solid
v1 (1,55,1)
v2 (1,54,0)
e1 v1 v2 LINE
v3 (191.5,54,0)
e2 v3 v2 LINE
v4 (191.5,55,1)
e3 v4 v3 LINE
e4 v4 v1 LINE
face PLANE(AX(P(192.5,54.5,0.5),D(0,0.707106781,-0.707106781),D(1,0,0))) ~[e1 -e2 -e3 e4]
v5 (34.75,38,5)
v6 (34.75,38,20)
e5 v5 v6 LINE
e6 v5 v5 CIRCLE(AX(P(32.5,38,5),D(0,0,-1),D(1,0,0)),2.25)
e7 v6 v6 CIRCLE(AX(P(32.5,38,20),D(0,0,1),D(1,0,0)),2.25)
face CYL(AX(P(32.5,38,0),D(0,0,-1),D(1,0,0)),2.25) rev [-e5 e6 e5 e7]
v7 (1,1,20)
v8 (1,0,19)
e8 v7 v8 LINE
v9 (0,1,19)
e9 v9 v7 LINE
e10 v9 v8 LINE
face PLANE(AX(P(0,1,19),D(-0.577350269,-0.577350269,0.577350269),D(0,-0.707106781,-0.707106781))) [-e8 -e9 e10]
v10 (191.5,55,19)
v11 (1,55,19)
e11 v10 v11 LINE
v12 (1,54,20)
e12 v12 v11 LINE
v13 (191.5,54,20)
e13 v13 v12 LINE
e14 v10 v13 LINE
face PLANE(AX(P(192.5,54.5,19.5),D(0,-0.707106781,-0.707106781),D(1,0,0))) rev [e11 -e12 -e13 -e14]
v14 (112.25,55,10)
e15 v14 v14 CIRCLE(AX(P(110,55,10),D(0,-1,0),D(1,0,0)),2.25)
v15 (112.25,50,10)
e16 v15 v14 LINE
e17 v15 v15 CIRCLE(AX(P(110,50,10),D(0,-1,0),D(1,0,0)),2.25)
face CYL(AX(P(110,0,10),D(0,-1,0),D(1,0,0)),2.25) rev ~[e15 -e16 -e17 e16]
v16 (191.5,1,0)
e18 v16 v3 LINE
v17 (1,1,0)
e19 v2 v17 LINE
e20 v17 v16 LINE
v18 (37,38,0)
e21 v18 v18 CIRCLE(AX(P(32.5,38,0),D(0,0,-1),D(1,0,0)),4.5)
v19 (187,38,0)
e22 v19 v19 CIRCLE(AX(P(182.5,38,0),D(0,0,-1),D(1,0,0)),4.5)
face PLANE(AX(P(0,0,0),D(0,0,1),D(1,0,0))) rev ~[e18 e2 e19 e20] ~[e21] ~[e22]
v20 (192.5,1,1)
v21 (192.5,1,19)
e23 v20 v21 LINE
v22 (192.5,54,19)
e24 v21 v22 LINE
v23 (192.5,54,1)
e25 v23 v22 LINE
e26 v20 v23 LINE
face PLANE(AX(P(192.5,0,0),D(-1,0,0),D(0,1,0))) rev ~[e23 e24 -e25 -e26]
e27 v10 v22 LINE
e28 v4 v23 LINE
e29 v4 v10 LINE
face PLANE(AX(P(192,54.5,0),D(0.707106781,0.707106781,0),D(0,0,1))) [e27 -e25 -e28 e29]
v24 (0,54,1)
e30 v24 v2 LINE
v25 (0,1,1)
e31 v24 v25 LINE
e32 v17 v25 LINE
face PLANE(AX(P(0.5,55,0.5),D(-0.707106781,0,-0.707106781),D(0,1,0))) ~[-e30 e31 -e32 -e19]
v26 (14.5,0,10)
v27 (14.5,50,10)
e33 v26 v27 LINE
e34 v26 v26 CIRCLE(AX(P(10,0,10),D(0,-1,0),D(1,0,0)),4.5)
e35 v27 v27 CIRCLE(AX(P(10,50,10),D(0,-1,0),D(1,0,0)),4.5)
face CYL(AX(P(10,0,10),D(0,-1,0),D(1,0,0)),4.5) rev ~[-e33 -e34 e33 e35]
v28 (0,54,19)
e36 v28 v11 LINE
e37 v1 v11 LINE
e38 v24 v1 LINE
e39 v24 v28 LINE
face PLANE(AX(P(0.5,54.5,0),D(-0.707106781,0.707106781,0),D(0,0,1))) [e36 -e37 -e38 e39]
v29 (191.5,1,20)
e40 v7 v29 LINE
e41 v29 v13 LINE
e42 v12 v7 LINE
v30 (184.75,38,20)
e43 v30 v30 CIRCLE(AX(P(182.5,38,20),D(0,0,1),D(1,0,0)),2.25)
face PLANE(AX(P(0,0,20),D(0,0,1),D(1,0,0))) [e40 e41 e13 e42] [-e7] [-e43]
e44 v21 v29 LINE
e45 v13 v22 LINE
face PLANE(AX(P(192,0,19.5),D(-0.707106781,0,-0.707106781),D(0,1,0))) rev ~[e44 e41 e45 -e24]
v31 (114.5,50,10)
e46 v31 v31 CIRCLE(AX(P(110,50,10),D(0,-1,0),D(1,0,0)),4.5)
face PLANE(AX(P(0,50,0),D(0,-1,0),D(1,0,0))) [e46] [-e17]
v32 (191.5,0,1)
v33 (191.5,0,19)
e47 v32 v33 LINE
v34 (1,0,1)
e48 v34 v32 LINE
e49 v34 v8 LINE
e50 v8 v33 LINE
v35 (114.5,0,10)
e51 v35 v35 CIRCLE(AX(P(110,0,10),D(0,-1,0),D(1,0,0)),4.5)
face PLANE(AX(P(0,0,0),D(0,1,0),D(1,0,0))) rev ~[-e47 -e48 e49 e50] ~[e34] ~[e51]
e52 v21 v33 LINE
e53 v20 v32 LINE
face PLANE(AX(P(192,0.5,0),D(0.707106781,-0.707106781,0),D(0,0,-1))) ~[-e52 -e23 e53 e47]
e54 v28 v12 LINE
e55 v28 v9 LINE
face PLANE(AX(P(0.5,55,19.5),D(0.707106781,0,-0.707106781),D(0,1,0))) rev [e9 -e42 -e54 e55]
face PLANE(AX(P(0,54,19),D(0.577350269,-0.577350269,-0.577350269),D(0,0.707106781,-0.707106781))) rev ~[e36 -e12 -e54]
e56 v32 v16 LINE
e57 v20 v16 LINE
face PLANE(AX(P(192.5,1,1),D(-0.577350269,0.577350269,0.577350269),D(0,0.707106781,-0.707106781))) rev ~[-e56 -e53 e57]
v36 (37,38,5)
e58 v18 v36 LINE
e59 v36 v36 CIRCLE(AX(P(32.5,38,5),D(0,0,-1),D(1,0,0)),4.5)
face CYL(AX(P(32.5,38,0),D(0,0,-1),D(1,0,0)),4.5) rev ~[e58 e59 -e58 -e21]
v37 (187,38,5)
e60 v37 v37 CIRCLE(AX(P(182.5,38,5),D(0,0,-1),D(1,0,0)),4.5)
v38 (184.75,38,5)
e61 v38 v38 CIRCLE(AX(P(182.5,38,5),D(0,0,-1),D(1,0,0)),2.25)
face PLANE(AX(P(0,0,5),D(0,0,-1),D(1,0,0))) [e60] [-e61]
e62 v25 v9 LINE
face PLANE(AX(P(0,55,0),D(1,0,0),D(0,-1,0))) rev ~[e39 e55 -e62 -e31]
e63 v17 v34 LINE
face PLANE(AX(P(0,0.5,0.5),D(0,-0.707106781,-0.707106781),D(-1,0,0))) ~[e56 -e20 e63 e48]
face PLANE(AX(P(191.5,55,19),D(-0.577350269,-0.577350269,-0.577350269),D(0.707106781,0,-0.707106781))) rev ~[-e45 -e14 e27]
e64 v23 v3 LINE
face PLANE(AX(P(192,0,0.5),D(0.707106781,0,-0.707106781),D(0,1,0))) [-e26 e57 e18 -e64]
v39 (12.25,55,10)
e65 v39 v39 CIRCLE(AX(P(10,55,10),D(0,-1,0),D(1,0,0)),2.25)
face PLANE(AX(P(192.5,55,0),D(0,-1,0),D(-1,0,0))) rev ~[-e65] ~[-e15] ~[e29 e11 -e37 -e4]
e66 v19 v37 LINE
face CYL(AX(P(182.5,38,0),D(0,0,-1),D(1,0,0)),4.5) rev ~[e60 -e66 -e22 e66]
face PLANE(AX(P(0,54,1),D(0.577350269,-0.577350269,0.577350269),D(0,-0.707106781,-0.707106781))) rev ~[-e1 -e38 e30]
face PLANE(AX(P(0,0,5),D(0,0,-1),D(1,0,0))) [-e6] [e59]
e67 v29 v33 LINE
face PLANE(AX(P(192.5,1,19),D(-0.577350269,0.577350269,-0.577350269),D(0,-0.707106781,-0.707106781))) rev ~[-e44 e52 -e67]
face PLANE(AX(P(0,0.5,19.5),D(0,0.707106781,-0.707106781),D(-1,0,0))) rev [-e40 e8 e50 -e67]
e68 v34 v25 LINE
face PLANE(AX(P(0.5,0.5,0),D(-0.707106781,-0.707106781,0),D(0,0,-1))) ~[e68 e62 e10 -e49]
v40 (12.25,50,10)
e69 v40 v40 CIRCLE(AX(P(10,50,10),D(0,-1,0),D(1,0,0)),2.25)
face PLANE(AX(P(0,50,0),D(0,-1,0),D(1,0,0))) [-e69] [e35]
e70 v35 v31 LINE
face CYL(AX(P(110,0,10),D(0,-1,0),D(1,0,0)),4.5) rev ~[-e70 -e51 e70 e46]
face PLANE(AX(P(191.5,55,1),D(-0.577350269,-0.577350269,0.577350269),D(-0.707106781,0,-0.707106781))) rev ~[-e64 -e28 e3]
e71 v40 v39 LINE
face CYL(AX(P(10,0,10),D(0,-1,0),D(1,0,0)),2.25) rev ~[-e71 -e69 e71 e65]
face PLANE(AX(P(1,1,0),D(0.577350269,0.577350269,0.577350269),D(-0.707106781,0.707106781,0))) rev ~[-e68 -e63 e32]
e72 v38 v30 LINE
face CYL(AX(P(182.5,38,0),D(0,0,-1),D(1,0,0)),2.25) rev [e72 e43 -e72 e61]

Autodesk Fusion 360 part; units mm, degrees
sketch "Sketch1" plane through (0, 0, 0) normal (0, 0, 1) x (1, 0, 0)
  line L0 (0, 0) -> (192.5, 0)
  line L1 (192.5, 0) -> (192.5, 55)
  line L2 (192.5, 55) -> (0, 55)
  line L3 (0, 55) -> (0, 0)
  circle A0 centre (32.5, 38) radius 2.25
  circle A1 centre (182.5, 38) radius 2.25
  line L4 (32.5, 38) -> (182.5, 38) construction
  dimension "d1" = 192.5
  dimension "d2" = 55
  dimension "d3" = 150
  dimension "d4" = 4.5
  dimension "d10" = 32.5
  dimension "d11" = 17
extrude "Extrude1" add sketch "Sketch1" along normal blind 20
sketch "Sketch2" plane through (0, 0, 0) normal (0, 0, -1) x (1, 0, 0)
  circle A0 centre (182.5, -38) radius 2.25
  circle A1 centre (32.5, -38) radius 2.25
  line L0 (0, 0) -> (0, -55)
  line L1 (0, -55) -> (192.5, -55)
  line L2 (192.5, -55) -> (192.5, 0)
  line L3 (192.5, 0) -> (0, 0)
  circle A2 centre (32.5, -38) radius 4.5
  circle A3 centre (182.5, -38) radius 4.5
  dimension "d7" = 9
extrude "Extrude2" cut sketch "Sketch2" against normal blind 5 contours A2 | A3
sketch "Sketch3" plane through (0, 0, 0) normal (0, -1, 0) x (1, 0, 0)
  line L0 (0, 0) -> (192.5, 0)
  line L1 (192.5, 0) -> (192.5, 20)
  line L2 (192.5, 20) -> (0, 20)
  line L3 (0, 20) -> (0, 0)
  circle A0 centre (10, 10) radius 2.25
  circle A1 centre (110, 10) radius 2.25
  line L4 (10, 10) -> (110, 10) construction
  dimension "d12" = 10
  dimension "d13" = 100
  dimension "d14" = 4.5
  dimension "d15" = 10
extrude "Extrude3" cut sketch "Sketch3" against normal through all contours A0 | A1
sketch "Sketch4" plane through (0, 0, 0) normal (0, -1, 0) x (1, 0, 0)
  circle A0 centre (10, 10) radius 2.25
  circle A1 centre (110, 10) radius 2.25
  line L0 (0, 0) -> (192.5, 0)
  line L1 (192.5, 0) -> (192.5, 20)
  line L2 (192.5, 20) -> (0, 20)
  line L3 (0, 20) -> (0, 0)
  circle A2 centre (10, 10) radius 4.5
  circle A3 centre (110, 10) radius 4.5
  dimension "d17" = 9
extrude "Extrude4" cut sketch "Sketch4" against normal blind 50 contours A2 | A3
chamfer "Chamfer1" distance 1 angle 45 12 edges at (96.25, 0, 20) (192.5, 27.5, 20) (96.25, 55, 20) (0, 27.5, 20) (0, 0, 10) (96.25, 0, 0) (192.5, 0, 10) (192.5, 27.5, 0) (192.5, 55, 10) (96.25, 55, 0) (0, 55, 10) (0, 27.5, 0)
